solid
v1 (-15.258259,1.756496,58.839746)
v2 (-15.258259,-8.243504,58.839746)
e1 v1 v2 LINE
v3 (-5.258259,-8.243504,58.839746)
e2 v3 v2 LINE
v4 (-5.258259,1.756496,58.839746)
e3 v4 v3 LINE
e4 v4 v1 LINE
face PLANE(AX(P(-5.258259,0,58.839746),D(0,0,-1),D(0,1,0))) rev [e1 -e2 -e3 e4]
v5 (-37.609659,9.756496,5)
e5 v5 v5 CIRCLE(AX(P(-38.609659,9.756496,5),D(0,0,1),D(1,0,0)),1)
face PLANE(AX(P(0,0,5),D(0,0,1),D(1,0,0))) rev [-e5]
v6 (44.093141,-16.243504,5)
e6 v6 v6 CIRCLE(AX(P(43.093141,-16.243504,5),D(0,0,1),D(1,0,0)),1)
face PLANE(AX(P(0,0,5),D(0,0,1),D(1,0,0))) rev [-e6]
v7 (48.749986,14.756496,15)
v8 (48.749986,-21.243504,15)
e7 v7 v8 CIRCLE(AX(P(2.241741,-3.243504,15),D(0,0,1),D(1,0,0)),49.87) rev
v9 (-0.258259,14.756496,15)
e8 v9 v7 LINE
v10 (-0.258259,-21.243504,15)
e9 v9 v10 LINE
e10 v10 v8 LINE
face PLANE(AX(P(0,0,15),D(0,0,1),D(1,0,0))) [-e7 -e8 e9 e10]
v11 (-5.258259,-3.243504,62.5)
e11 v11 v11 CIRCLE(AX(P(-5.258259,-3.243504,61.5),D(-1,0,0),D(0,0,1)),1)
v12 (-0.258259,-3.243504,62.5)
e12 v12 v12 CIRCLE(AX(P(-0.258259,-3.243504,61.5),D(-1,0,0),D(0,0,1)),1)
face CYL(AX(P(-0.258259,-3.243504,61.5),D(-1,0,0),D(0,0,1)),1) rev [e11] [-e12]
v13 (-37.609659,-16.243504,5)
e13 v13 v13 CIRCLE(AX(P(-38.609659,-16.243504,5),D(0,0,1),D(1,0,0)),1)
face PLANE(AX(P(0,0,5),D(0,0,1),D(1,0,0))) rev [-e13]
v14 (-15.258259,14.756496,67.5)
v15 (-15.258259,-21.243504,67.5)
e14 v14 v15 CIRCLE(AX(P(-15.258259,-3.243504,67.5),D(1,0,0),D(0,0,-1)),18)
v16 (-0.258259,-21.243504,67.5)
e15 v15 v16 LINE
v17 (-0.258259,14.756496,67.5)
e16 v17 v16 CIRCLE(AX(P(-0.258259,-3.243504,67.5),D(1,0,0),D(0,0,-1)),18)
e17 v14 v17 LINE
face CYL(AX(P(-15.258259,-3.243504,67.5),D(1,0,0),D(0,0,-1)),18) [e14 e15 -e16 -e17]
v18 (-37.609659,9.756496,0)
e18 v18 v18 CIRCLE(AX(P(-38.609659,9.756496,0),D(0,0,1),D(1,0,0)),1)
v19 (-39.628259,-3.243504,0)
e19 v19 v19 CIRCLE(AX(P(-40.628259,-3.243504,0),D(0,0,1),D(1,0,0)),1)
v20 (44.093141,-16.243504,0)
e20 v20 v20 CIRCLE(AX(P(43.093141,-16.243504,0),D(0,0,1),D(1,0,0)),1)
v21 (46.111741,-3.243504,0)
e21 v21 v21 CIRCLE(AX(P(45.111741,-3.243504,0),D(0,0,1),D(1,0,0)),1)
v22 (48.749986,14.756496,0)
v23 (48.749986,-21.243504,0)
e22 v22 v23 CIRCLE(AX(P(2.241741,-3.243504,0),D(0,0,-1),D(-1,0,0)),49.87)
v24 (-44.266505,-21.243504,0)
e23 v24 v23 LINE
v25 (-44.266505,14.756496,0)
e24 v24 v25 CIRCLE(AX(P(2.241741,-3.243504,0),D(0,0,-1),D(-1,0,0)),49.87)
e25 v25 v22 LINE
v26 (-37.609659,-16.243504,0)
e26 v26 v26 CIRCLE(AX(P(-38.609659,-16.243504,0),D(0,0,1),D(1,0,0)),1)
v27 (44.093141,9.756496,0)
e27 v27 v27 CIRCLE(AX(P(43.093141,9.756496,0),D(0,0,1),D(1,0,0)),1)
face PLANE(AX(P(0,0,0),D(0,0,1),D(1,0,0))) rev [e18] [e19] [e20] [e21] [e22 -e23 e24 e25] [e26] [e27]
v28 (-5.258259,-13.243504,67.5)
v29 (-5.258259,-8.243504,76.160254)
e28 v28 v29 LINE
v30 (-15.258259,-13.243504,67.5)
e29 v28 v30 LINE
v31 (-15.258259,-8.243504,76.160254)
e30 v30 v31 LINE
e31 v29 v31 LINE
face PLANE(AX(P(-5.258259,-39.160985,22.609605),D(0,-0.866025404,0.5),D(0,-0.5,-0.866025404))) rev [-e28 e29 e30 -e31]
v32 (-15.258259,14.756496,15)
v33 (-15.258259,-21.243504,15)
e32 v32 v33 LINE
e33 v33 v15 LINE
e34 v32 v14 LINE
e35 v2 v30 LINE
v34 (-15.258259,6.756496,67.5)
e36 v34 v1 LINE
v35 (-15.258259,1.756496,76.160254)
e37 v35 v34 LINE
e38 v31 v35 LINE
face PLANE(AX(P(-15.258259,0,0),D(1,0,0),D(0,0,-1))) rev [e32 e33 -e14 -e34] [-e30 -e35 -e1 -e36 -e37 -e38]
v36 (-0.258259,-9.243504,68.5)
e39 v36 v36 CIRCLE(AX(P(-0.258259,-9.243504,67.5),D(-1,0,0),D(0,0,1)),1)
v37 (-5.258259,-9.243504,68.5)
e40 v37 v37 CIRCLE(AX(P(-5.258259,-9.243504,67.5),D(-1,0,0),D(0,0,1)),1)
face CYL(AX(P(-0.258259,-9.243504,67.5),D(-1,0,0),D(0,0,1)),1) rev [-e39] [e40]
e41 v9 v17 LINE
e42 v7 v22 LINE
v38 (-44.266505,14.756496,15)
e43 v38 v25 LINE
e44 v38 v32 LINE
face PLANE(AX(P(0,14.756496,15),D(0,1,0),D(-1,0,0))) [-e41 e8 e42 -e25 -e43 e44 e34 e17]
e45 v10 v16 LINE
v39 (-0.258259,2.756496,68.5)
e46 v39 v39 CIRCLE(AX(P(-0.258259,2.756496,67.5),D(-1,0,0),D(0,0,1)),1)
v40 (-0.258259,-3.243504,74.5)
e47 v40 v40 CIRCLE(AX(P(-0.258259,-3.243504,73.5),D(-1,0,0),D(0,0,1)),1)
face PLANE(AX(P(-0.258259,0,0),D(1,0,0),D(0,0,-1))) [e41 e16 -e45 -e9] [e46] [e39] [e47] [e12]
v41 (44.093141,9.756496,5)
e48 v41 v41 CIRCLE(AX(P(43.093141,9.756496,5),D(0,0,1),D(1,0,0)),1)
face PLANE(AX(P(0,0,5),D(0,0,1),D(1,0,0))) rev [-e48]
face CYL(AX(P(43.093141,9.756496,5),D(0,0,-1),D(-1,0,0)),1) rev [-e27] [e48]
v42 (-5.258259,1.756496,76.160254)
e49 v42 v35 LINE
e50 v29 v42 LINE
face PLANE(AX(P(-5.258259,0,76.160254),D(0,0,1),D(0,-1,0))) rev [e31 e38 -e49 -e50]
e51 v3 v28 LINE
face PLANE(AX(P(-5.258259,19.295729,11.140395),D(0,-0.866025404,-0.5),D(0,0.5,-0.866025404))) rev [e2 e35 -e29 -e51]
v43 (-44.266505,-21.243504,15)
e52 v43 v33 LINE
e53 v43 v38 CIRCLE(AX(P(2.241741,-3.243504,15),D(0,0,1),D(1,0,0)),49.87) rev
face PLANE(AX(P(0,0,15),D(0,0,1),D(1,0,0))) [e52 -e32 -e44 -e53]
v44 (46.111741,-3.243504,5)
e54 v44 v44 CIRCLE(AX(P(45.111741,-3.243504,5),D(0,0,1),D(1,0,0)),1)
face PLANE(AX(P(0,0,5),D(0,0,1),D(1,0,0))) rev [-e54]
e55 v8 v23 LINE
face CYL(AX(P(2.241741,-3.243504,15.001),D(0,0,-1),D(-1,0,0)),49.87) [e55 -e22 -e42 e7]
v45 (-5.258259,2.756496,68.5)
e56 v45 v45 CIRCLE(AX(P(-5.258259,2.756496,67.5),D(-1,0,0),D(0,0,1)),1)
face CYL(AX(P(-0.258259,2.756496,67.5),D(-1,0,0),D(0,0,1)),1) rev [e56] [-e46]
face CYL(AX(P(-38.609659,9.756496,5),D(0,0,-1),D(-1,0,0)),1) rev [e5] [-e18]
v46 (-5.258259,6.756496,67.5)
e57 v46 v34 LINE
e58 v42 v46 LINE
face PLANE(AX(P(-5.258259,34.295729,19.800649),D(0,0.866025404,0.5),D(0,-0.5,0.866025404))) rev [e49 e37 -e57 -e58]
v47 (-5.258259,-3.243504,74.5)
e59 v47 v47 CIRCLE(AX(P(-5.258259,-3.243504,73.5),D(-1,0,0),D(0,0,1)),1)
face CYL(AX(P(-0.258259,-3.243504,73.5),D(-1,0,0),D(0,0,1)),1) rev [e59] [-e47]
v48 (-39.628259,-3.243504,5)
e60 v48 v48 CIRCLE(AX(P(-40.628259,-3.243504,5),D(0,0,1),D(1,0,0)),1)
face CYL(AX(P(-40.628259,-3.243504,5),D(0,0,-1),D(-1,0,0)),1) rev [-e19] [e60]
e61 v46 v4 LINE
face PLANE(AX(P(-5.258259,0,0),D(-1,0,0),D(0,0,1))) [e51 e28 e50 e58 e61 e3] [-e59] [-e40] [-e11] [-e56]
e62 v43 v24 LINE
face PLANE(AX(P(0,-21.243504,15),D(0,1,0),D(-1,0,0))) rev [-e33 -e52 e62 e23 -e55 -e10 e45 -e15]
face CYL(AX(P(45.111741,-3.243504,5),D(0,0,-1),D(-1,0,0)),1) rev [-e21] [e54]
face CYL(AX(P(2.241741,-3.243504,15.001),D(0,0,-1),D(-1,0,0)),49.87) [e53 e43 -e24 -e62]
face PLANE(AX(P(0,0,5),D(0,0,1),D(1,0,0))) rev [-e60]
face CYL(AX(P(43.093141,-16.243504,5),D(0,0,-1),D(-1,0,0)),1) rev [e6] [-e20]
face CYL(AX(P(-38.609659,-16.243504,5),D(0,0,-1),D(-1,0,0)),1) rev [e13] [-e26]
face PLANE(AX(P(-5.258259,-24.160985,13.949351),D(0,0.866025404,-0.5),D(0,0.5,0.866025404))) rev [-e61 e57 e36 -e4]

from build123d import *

# Parameters (mm, degrees)
SKETCH_2_W           = 99.74
SKETCH_2_H           = 36
EXTRUDE_1_DEPTH      = 15
SKETCH_3_R           = 1
CUT_EXTRUDE_1_DEPTH  = 5
CUT_EXTRUDE_2_REACH  = 60.24
EXTRUDE_2_DEPTH      = 7.5
EXTRUDE_2_DEPTH_BACK = 7.5
CUT_EXTRUDE_3_DEPTH  = 10
SKETCH_7_R           = 1
CUT_EXTRUDE_4_DEPTH  = 5


with BuildPart() as part:
    # 草图2 → 凸台-拉伸1 (new body)
    with BuildSketch(Plane.XY):
        with Locations((2.241740979, -3.243503904)):
            Rectangle(SKETCH_2_W, SKETCH_2_H)
    extrude(amount=EXTRUDE_1_DEPTH)

    # 草图3 → 切除-拉伸1 (cut)
    with BuildSketch(Plane.XY):
        with Locations((-40.628259021, -3.243503904)):
            Circle(SKETCH_3_R)
        with Locations((43.0931412, 9.756496096)):
            Circle(SKETCH_3_R)
        with Locations((43.0931412, -16.243503904)):
            Circle(SKETCH_3_R)
        with Locations((45.111740979, -3.243503904)):
            Circle(SKETCH_3_R)
        with Locations((-38.609659242, -16.243503904)):
            Circle(SKETCH_3_R)
        with Locations((-38.609659242, 9.756496096)):
            Circle(SKETCH_3_R)
    extrude(amount=CUT_EXTRUDE_1_DEPTH, mode=Mode.SUBTRACT)

    # 草图4 → 切除-拉伸2 (cut, up to next)
    with BuildSketch(Plane(origin=(0, 0, 0), x_dir=(-1, 0, 0), z_dir=(0, 0, -1)), mode=Mode.PRIVATE) as cut_extrude_2_sk1:
        with BuildLine():
            ThreePointArc((-52.111740979, -3.243503904), (-51.264098651, 5.912114498), (-48.749986485, 14.756496096))
            Line((-48.749986485, 14.756496096), (-52.111740979, 14.756496096))
            Line((-52.111740979, 14.756496096), (-52.111740979, -3.243503904))
        make_face()
    cut_extrude_2_tool1 = extrude(cut_extrude_2_sk1.sketch, amount=-CUT_EXTRUDE_2_REACH, mode=Mode.PRIVATE) & part.part
    # 草图4 → 切除-拉伸2 (cut, up to next)
    with BuildSketch(Plane(origin=(0, 0, 0), x_dir=(-1, 0, 0), z_dir=(0, 0, -1)), mode=Mode.PRIVATE) as cut_extrude_2_sk2:
        with BuildLine():
            Line((47.628259021, 14.756496096), (44.266504526, 14.756496096))
            ThreePointArc((44.266504526, 14.756496096), (46.780616692, 5.912114498), (47.628259021, -3.243503904))
            Line((47.628259021, -3.243503904), (47.628259021, 14.756496096))
        make_face()
    cut_extrude_2_tool2 = extrude(cut_extrude_2_sk2.sketch, amount=-CUT_EXTRUDE_2_REACH, mode=Mode.PRIVATE) & part.part
    # 草图4 → 切除-拉伸2 (cut, up to next)
    with BuildSketch(Plane(origin=(0, 0, 0), x_dir=(-1, 0, 0), z_dir=(0, 0, -1)), mode=Mode.PRIVATE) as cut_extrude_2_sk3:
        with BuildLine():
            ThreePointArc((-48.749986485, -21.243503904), (-51.264098651, -12.399122306), (-52.111740979, -3.243503904))
            Line((-52.111740979, -3.243503904), (-52.111740979, -21.243503904))
            Line((-52.111740979, -21.243503904), (-48.749986485, -21.243503904))
        make_face()
    cut_extrude_2_tool3 = extrude(cut_extrude_2_sk3.sketch, amount=-CUT_EXTRUDE_2_REACH, mode=Mode.PRIVATE) & part.part
    # 草图4 → 切除-拉伸2 (cut, up to next)
    with BuildSketch(Plane(origin=(0, 0, 0), x_dir=(-1, 0, 0), z_dir=(0, 0, -1)), mode=Mode.PRIVATE) as cut_extrude_2_sk4:
        with BuildLine():
            Line((47.628259021, -21.243503904), (47.628259021, -3.243503904))
            ThreePointArc((47.628259021, -3.243503904), (46.780616692, -12.399122306), (44.266504526, -21.243503904))
            Line((44.266504526, -21.243503904), (47.628259021, -21.243503904))
        make_face()
    cut_extrude_2_tool4 = extrude(cut_extrude_2_sk4.sketch, amount=-CUT_EXTRUDE_2_REACH, mode=Mode.PRIVATE) & part.part
    add(cut_extrude_2_tool1.solids().sort_by_distance((51.109322, 10.28739, 0))[0], mode=Mode.SUBTRACT)
    add(cut_extrude_2_tool2.solids().sort_by_distance((-46.62584, 10.28739, 0))[0], mode=Mode.SUBTRACT)
    add(cut_extrude_2_tool3.solids().sort_by_distance((51.109322, -16.774398, 0))[0], mode=Mode.SUBTRACT)
    add(cut_extrude_2_tool4.solids().sort_by_distance((-46.62584, -16.774398, 0))[0], mode=Mode.SUBTRACT)

    # 草图5 → 凸台-拉伸2 (add, two sides: drawn at the far end of the back side and taken through both)
    with BuildSketch(Plane(origin=(-7.758259021, -3.243503904, 0), x_dir=(0, 0, -1), z_dir=(1, 0, 0)).offset(-EXTRUDE_2_DEPTH_BACK)):
        with BuildLine():
            Line((-67.5, -18), (-15, -18))
            Line((-15, -18), (-15, 18))
            Line((-15, 18), (-67.5, 18))
            ThreePointArc((-67.5, 18), (-85.5, 0), (-67.5, -18))
        make_face()
    extrude(amount=EXTRUDE_2_DEPTH + EXTRUDE_2_DEPTH_BACK)

    # 草图6 → 切除-拉伸3 (cut)
    with BuildSketch(Plane.ZY.offset(15.258259021)):
        Polygon((76.160254038, 1.756496096), (67.5, 6.756496096), (58.839745962, 1.756496096), (58.839745962, -8.243503904), (67.5, -13.243503904), (76.160254038, -8.243503904), align=None)
    extrude(amount=-CUT_EXTRUDE_3_DEPTH, mode=Mode.SUBTRACT)

    # 草图7 → 切除-拉伸4 (cut)
    with BuildSketch(Plane.ZY.offset(5.258259021)):
        with Locations((67.5, 2.756496096)):
            Circle(SKETCH_7_R)
        with Locations((73.5, -3.243503904)):
            Circle(SKETCH_7_R)
        with Locations((61.5, -3.243503904)):
            Circle(SKETCH_7_R)
        with Locations((67.5, -9.243503904)):
            Circle(SKETCH_7_R)
    extrude(amount=-CUT_EXTRUDE_4_DEPTH, mode=Mode.SUBTRACT)


solid = part.part
